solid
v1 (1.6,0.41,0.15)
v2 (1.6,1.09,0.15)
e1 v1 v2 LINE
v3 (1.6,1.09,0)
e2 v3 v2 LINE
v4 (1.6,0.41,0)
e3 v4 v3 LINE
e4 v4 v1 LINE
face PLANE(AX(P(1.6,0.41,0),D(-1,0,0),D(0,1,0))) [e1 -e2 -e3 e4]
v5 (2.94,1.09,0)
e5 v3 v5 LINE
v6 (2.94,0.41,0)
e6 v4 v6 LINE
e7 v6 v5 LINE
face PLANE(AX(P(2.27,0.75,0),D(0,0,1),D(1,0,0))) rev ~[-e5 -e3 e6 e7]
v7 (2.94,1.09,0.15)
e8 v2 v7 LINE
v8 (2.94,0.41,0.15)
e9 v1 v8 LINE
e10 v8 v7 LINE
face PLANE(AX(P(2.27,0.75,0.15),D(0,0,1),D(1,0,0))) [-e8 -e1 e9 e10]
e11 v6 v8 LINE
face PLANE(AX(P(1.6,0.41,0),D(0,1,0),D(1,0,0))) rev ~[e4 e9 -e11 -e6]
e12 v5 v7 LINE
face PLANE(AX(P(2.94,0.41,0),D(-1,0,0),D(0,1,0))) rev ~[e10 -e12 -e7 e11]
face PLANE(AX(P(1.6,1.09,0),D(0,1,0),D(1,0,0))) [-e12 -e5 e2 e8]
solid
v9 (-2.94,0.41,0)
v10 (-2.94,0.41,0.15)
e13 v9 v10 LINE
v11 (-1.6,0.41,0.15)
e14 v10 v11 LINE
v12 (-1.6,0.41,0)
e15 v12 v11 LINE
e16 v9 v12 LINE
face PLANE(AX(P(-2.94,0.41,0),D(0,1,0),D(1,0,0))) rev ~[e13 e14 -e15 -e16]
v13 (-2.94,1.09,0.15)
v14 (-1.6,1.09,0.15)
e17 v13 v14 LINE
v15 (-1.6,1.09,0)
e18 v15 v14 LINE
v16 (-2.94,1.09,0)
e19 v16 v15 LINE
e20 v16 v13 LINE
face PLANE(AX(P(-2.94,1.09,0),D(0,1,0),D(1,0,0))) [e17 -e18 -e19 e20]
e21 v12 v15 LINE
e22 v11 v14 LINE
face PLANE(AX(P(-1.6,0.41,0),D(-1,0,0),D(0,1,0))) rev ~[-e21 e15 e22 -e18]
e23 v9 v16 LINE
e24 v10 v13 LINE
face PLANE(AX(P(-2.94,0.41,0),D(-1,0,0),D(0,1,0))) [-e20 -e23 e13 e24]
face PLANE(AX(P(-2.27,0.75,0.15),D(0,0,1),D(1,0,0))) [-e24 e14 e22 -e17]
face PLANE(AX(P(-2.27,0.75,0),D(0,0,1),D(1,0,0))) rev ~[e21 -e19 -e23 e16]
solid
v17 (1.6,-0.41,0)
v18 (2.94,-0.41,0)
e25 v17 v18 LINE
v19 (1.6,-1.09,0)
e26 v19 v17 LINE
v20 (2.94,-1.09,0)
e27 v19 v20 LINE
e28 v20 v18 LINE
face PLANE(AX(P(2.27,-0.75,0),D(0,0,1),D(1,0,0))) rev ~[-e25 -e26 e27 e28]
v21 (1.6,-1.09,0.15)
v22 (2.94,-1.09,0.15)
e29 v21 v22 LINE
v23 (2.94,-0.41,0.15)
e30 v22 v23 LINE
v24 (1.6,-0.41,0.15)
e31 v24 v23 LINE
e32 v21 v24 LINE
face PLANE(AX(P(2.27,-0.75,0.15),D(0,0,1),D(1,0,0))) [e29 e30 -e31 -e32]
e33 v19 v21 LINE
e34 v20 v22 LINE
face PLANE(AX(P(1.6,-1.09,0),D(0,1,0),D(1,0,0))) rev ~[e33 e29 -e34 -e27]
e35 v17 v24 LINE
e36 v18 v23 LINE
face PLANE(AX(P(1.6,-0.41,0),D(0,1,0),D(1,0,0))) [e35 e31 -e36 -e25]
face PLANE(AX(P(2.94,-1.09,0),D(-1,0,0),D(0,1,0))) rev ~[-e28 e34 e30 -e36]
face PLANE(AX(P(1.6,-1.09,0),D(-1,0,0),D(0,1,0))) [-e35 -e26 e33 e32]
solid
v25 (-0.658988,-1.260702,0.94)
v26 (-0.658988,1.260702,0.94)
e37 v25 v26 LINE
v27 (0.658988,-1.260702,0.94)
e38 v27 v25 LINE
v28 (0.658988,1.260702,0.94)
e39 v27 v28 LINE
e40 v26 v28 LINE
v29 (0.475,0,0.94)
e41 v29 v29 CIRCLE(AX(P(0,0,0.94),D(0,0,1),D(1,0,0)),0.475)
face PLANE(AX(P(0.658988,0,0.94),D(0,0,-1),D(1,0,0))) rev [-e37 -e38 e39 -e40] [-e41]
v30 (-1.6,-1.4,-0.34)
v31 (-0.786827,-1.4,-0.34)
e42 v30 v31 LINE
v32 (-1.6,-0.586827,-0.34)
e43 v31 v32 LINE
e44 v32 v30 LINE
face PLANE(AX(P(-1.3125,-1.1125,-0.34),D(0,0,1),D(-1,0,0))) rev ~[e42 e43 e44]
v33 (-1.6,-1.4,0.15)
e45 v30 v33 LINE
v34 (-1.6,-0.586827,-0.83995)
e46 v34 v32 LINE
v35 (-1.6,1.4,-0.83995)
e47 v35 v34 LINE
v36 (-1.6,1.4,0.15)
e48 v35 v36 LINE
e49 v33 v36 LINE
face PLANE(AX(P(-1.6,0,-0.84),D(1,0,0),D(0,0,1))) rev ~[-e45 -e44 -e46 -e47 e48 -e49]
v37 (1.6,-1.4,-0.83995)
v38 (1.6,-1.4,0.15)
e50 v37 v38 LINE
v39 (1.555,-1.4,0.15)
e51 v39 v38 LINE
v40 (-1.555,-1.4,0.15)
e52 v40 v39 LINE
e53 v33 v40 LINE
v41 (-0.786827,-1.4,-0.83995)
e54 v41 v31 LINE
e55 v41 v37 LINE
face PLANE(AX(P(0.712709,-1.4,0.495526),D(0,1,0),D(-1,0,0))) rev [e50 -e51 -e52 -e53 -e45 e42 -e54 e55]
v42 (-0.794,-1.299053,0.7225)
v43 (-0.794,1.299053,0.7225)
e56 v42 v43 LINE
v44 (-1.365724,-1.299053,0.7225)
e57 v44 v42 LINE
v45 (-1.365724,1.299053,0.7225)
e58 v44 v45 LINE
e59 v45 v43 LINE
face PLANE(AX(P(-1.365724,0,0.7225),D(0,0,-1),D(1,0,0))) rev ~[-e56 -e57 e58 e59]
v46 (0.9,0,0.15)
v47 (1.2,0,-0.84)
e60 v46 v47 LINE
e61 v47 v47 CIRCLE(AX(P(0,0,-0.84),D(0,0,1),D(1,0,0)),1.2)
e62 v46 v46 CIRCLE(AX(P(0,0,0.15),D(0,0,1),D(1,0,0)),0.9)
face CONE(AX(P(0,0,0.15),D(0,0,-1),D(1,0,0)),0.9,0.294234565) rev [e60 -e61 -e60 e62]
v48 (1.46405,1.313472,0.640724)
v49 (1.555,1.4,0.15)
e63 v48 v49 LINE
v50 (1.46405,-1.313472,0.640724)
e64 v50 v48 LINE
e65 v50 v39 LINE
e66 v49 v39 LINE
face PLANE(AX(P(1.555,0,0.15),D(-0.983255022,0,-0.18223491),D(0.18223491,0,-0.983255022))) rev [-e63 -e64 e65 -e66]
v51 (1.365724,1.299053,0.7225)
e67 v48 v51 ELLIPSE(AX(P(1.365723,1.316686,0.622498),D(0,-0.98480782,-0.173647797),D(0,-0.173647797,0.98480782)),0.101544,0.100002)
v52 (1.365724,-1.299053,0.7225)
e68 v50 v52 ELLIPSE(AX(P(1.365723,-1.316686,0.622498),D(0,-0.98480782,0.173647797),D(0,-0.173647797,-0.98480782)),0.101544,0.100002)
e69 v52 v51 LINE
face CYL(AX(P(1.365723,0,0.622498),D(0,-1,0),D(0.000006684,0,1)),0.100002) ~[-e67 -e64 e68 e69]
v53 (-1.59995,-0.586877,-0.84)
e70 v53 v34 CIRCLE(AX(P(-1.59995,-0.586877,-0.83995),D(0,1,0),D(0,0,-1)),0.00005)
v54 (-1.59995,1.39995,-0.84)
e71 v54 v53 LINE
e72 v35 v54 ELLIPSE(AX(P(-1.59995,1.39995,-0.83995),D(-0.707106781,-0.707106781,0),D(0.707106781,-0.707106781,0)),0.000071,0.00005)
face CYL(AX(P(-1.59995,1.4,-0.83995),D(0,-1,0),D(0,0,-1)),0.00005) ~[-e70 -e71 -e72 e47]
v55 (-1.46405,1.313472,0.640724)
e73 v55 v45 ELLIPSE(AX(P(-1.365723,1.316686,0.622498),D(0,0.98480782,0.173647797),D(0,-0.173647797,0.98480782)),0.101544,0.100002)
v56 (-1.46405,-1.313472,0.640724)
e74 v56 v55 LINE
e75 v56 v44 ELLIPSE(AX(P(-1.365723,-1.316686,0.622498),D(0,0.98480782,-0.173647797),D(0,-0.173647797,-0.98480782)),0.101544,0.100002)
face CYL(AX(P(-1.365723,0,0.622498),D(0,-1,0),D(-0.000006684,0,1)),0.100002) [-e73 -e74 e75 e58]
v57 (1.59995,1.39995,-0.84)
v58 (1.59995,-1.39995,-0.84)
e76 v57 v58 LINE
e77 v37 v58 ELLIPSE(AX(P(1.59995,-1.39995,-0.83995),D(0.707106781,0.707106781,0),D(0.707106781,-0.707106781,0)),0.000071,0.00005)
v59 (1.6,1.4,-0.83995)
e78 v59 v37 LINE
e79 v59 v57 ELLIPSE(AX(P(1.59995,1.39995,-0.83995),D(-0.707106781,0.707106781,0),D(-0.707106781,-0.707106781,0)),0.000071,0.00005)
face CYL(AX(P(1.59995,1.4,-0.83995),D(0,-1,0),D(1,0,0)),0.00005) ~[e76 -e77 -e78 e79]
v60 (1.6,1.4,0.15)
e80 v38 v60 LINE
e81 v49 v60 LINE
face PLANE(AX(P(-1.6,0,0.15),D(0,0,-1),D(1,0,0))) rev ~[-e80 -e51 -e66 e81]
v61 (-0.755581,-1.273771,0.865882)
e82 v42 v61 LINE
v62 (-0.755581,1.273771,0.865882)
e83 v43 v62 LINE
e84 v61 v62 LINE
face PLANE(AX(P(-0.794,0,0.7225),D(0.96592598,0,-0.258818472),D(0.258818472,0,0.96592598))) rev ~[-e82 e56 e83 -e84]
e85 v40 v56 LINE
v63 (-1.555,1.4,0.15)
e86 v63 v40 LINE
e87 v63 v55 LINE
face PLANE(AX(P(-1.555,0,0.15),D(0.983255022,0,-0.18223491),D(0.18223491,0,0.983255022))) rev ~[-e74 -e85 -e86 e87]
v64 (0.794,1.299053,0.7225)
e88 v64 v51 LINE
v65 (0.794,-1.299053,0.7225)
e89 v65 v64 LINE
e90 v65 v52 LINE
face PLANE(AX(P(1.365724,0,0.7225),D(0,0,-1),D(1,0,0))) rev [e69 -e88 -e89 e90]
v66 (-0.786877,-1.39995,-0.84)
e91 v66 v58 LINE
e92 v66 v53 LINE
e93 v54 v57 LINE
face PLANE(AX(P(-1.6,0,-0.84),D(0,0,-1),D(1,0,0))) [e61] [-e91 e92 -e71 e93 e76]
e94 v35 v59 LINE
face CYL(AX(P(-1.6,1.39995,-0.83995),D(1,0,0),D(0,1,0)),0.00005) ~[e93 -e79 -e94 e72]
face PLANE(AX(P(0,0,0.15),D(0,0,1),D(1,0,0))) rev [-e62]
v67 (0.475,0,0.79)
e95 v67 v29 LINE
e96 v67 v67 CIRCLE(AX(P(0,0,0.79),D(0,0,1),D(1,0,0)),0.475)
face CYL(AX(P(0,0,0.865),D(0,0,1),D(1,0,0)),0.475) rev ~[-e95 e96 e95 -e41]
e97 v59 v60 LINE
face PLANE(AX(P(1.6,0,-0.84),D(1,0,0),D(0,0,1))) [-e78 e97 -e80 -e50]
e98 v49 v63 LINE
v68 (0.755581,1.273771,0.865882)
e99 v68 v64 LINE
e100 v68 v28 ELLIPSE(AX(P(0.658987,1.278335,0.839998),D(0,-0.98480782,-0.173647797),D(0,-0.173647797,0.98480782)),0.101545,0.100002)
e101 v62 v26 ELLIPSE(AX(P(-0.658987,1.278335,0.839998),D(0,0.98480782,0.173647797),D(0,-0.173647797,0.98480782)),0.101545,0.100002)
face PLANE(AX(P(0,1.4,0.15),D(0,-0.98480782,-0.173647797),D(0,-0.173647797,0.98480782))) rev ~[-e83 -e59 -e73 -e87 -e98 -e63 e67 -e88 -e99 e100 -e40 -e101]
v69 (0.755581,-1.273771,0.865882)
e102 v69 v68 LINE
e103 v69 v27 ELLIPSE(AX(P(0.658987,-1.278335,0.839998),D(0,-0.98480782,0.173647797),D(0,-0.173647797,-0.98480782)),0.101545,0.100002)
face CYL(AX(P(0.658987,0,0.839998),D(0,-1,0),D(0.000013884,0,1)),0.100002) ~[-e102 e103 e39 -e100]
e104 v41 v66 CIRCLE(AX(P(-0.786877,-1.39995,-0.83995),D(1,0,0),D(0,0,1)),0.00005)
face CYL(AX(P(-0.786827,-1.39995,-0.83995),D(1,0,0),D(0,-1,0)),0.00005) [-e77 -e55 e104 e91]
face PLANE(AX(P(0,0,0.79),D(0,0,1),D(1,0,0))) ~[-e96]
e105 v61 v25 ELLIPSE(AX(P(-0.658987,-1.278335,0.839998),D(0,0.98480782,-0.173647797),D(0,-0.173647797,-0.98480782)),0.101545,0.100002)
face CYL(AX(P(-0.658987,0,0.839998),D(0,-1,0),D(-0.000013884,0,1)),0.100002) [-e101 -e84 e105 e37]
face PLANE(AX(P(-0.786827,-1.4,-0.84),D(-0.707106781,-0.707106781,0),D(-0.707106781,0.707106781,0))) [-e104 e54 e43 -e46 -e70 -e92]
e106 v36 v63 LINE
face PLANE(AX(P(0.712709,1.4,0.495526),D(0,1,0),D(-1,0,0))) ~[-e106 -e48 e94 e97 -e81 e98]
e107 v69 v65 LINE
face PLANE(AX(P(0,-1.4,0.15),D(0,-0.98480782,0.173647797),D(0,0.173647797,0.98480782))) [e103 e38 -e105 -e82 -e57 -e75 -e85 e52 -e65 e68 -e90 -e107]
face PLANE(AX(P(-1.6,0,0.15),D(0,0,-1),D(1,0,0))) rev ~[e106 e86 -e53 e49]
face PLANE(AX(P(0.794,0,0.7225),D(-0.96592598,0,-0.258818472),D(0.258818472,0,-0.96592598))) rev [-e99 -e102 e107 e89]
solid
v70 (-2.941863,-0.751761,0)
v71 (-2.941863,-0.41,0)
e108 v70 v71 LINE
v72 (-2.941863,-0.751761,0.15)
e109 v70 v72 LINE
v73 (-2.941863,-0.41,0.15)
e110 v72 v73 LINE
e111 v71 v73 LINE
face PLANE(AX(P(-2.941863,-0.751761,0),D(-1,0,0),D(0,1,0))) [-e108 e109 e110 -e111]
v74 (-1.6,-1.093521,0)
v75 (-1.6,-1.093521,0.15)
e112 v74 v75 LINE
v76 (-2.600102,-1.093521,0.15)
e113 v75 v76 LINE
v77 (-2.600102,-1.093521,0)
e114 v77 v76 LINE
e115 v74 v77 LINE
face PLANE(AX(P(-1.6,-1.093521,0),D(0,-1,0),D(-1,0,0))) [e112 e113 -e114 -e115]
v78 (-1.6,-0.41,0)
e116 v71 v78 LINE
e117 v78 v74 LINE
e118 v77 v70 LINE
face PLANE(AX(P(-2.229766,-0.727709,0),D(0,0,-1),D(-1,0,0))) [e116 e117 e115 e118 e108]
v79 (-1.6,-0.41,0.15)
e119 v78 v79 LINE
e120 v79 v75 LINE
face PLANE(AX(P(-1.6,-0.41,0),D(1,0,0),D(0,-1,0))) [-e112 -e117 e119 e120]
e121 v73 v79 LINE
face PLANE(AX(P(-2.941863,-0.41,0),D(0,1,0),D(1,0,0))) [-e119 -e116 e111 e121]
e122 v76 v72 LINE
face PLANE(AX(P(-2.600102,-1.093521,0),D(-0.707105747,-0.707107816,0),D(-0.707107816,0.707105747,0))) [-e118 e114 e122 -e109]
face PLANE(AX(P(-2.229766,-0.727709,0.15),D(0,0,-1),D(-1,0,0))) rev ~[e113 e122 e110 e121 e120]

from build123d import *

# Parameters (mm, degrees)
SKETCH_W             = 3.2
SKETCH_H             = 0.99
PAD_DEPTH            = 1.4
PAD001_DEPTH         = 1.4
POCKET_DEPTH         = 1.601
POCKET_DEPTH_BACK    = 1.601
POCKET001_DEPTH      = 1.601
POCKET001_DEPTH_BACK = 1.601
SKETCH007_W          = 0.475
SKETCH007_H          = 0.15
POCKET003_DEPTH      = 0.5
FILLET_R             = 5e-05
SKETCH009_W          = 1.34
SKETCH009_H          = 0.68
PAD002_DEPTH         = 0.15
PAD003_DEPTH         = 0.15
MIRROREDSKETCH002_W  = 1.34
MIRROREDSKETCH002_H  = 0.68
PAD004_DEPTH         = 0.15
MIRROREDSKETCH003_W  = 1.34
MIRROREDSKETCH003_H  = 0.68
PAD005_DEPTH         = 0.15


with BuildPart() as body:
    # Sketch → Pad (new body, symmetric)
    with BuildSketch(Plane.XZ):
        with Locations((0, -0.345)):
            Rectangle(SKETCH_W, SKETCH_H)
    extrude(amount=PAD_DEPTH, both=True)

    # Sketch002 → Pad001 (join, symmetric)
    with BuildSketch(Plane.XZ):
        with BuildLine():
            Line((-1.555, 0.15), (-1.46405, 0.640724))
            ThreePointArc((-1.365724, 0.7225), (-1.429668, 0.699384), (-1.46405, 0.640724))
            Line((-1.365724, 0.7225), (-0.794, 0.7225))
            Line((-0.794, 0.7225), (-0.755581, 0.865882))
            ThreePointArc((-0.658988, 0.94), (-0.719864, 0.919335), (-0.755581, 0.865882))
            Line((-0.658988, 0.94), (0, 0.94))
            Line((0, 0.94), (0, 0.15))
            Line((0, 0.15), (-1.555, 0.15))
        make_face()
    pad001 = extrude(amount=PAD001_DEPTH, both=True)

    # Mirrored: Pad001 across Sketch002 V_Axis
    add(pad001.mirror(Plane(origin=(0, 0, 0), x_dir=(0, -1, 0), z_dir=(1, 0, 0))))

    # Sketch003 → Pocket (cut, two sides)
    with BuildSketch(Plane.YZ) as pocket_sk:
        Polygon((-1.4, 0.15), (-1.260702, 0.94), (-1.4, 0.94), align=None)
    extrude(amount=-POCKET_DEPTH, mode=Mode.SUBTRACT)
    extrude(pocket_sk.sketch, amount=POCKET_DEPTH_BACK, mode=Mode.SUBTRACT)

    # MirroredSketch → Pocket001 (cut, two sides)
    with BuildSketch(Plane.YZ) as pocket001_sk:
        Polygon((1.4, 0.15), (1.260702, 0.94), (1.4, 0.94), align=None)
    extrude(amount=-POCKET001_DEPTH, mode=Mode.SUBTRACT)
    extrude(pocket001_sk.sketch, amount=POCKET001_DEPTH_BACK, mode=Mode.SUBTRACT)

    # Sketch006 → Groove (revolve, cut)
    with BuildSketch(Plane.XZ):
        Polygon((0, 0.15), (0.9, 0.15), (1.2, -0.84), (0, -0.84), align=None)
    revolve(axis=Axis((0, 0, 0), (0, 0, 1)), mode=Mode.SUBTRACT)

    # Sketch007 → Groove001 (revolve, cut)
    with BuildSketch(Plane.XZ):
        with Locations((0.2375, 0.865)):
            Rectangle(SKETCH007_W, SKETCH007_H)
    revolve(axis=Axis((0, 0, 0), (0, 0, 1)), mode=Mode.SUBTRACT)

    # Sketch008 (on Face3 of Groove001) → Pocket003 (cut)
    with BuildSketch(Plane(origin=(0, 0, -0.84), x_dir=(1, 0, 0), z_dir=(0, 0, -1))):
        Polygon((-1.6, 1.4), (-0.786827, 1.4), (-1.6, 0.586827), align=None)
    extrude(amount=-POCKET003_DEPTH, mode=Mode.SUBTRACT)

    # Fillet
    fillet_edges = [body.edges().sort_by_distance(p)[0] for p in [
        (0.406586, -1.4, -0.84),
        (1.6, 0, -0.84),
        (0, 1.4, -0.84),
        (-1.6, 0.406586, -0.84),
    ]]
    fillet(fillet_edges, radius=FILLET_R)


with BuildPart() as pin1:
    # Sketch009 → Pad002 (new body)
    with BuildSketch(Plane.XY):
        with Locations((-2.27, 0.75)):
            Rectangle(SKETCH009_W, SKETCH009_H)
    extrude(amount=PAD002_DEPTH)


with BuildPart() as pin2:
    # MirroredSketch001 → Pad003 (new body)
    with BuildSketch(Plane.XY):
        Polygon((-2.941863, -0.751761), (-2.941863, -0.41), (-1.6, -0.41), (-1.6, -1.093521), (-2.600102, -1.093521), align=None)
    extrude(amount=PAD003_DEPTH)


with BuildPart() as pin3:
    # MirroredSketch002 → Pad004 (new body)
    with BuildSketch(Plane.XY):
        with Locations((2.27, 0.75)):
            Rectangle(MIRROREDSKETCH002_W, MIRROREDSKETCH002_H)
    extrude(amount=PAD004_DEPTH)


with BuildPart() as pin4:
    # MirroredSketch003 → Pad005 (new body)
    with BuildSketch(Plane.XY):
        with Locations((2.27, -0.75)):
            Rectangle(MIRROREDSKETCH003_W, MIRROREDSKETCH003_H)
    extrude(amount=PAD005_DEPTH)


solid = Compound([body.part, pin1.part, pin2.part, pin3.part, pin4.part])
